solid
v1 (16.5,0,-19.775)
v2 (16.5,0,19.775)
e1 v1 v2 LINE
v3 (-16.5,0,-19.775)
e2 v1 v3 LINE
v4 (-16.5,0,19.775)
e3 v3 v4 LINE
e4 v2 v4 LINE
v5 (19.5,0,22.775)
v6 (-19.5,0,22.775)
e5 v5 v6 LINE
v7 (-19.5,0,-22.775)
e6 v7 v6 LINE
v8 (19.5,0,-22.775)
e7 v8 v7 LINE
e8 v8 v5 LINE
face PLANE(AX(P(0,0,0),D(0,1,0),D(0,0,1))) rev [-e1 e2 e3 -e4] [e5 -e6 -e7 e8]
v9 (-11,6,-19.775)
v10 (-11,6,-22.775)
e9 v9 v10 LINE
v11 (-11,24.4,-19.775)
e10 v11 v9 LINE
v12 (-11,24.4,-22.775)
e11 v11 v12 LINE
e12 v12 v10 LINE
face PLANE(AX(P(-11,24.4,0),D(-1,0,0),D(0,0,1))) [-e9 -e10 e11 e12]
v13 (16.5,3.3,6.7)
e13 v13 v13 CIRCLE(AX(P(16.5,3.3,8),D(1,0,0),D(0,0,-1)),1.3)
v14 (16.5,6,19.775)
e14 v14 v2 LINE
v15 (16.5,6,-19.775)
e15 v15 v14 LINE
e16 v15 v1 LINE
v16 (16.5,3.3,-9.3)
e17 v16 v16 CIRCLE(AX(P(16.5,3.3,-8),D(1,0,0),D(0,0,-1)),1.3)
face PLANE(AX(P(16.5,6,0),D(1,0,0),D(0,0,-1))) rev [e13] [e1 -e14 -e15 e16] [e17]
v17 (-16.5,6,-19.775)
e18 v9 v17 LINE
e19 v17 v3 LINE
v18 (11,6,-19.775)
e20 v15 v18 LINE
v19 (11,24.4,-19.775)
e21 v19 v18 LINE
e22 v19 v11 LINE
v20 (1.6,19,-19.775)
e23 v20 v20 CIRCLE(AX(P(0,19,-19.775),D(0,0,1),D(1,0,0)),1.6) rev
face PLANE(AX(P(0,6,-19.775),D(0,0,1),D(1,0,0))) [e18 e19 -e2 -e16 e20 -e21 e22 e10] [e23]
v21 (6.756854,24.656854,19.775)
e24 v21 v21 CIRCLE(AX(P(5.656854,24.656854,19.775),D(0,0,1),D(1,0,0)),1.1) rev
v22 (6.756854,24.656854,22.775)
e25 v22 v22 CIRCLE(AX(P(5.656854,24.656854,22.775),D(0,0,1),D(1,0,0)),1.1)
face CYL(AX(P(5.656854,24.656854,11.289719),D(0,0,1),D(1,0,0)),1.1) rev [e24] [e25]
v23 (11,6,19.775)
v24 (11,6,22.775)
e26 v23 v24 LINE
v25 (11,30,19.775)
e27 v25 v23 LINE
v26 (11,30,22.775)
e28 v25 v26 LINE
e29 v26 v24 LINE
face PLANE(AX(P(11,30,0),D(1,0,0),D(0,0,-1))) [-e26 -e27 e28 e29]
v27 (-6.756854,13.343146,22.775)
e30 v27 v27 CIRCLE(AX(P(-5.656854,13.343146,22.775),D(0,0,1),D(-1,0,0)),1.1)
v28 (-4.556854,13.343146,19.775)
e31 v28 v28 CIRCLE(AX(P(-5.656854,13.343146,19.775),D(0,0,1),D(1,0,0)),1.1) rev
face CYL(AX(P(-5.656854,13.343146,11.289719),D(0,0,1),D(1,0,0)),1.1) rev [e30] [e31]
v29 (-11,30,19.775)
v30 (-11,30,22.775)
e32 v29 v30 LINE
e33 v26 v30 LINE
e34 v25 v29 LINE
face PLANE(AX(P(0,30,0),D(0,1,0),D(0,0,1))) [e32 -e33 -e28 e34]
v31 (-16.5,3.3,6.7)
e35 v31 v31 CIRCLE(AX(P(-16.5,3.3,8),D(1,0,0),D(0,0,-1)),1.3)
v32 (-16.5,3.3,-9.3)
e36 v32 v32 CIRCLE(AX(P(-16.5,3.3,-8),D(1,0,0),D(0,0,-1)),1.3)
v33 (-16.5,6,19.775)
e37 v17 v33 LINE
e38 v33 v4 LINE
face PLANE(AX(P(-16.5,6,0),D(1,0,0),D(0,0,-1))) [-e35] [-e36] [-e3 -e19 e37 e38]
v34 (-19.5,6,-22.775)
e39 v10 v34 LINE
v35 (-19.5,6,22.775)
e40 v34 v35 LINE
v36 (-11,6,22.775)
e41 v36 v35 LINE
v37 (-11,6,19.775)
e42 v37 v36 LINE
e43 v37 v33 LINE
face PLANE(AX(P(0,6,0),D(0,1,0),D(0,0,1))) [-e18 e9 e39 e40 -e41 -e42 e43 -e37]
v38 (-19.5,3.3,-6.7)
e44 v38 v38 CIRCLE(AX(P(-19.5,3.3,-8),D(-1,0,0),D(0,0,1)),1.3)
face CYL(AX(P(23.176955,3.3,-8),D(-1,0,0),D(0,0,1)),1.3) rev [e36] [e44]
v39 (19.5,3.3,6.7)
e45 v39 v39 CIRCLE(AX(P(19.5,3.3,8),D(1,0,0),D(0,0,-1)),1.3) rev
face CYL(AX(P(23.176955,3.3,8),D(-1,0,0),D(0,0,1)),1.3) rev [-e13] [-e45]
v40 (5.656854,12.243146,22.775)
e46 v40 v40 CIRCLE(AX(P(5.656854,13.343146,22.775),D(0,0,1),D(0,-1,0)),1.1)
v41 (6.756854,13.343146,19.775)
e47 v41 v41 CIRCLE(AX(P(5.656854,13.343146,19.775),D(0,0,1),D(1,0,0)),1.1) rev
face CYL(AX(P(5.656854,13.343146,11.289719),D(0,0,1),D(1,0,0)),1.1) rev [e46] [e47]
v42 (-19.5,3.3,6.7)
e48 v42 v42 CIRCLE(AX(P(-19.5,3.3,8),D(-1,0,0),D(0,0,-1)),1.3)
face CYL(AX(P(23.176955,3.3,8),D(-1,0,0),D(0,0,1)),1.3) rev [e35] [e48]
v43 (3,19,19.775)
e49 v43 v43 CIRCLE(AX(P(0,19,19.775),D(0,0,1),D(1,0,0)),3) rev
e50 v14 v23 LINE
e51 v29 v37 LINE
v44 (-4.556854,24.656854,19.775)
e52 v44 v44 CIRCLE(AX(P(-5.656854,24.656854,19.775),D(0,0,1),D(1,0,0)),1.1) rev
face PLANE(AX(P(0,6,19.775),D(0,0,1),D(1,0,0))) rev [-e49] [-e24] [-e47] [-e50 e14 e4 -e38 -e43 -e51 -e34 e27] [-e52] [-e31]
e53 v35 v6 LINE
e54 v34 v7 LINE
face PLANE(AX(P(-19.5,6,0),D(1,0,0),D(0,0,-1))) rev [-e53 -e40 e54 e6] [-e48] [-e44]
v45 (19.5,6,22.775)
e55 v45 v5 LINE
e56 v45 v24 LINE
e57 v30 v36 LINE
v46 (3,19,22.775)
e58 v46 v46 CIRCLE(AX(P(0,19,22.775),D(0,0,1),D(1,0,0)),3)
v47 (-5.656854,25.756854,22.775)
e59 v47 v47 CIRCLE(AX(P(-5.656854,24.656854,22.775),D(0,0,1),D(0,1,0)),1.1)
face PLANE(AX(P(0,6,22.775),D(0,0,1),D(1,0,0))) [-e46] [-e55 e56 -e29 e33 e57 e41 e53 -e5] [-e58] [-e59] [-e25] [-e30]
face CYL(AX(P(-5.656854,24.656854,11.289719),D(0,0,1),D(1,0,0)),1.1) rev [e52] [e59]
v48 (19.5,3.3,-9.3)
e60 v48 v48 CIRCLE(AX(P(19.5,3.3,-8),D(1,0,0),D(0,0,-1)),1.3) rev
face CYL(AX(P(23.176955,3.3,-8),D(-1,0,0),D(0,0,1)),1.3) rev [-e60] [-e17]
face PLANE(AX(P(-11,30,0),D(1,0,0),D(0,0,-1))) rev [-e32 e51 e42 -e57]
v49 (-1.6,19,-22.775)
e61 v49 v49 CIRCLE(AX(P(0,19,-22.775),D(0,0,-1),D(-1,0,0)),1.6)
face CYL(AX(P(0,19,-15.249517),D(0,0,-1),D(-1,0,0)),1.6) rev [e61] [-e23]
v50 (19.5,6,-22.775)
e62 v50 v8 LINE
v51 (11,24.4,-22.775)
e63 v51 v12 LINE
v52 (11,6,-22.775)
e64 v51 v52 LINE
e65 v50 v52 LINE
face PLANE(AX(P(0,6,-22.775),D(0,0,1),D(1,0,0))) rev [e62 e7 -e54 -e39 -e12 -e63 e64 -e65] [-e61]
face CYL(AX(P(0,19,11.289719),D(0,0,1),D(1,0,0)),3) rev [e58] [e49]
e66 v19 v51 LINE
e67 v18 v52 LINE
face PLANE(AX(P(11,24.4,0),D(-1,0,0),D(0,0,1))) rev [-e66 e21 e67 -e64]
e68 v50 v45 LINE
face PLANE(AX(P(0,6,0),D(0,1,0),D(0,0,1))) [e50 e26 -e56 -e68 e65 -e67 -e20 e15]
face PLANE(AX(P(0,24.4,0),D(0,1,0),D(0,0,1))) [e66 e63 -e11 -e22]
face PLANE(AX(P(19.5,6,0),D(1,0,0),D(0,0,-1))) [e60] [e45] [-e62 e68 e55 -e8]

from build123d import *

# Parameters (mm, degrees)
BOSS_EXTRUDE1_DEPTH   = 6
BOSS_EXTRUDE1_2_DEPTH = 6
SKETCH1_3_W           = 22
SKETCH1_3_H           = 3
BOSS_EXTRUDE2_DEPTH   = 30
SKETCH1_4_W           = 22
SKETCH1_4_H           = 3
BOSS_EXTRUDE3_DEPTH   = 24.4
CUT_EXTRUDE1_REACH    = 56.219
SKETCH3_R             = 1.3
SKETCH4_R             = 1.6
CUT_EXTRUDE2_DEPTH    = 3
SKETCH5_R             = 3
SKETCH5_R_2           = 1.1
CUT_EXTRUDE3_DEPTH    = 3
CIRPATTERN1_COUNT     = 4


with BuildPart() as part:
    # Sketch1 → Boss-Extrude1 (new body)
    with BuildSketch(Plane(origin=(0, 0, 0), x_dir=(1, 0, 0), z_dir=(0, 1, 0))):
        Polygon((-11, 19.775), (-11, 22.775), (-19.5, 22.775), (-19.5, -22.775), (-11, -22.775), (-11, -19.775), (-16.5, -19.775), (-16.5, 19.775), align=None)
    extrude(amount=BOSS_EXTRUDE1_DEPTH)



with BuildPart() as body_2:
    # Sketch1 → Boss-Extrude1 2 (new body)
    with BuildSketch(Plane(origin=(0, 0, 0), x_dir=(1, 0, 0), z_dir=(0, 1, 0))):
        Polygon((19.5, -22.775), (19.5, 22.775), (11, 22.775), (11, 19.775), (16.5, 19.775), (16.5, -19.775), (11, -19.775), (11, -22.775), align=None)
    extrude(amount=BOSS_EXTRUDE1_2_DEPTH)


with BuildPart() as part_1:
    add(part.part)

    add(body_2.part)  # Boss-Extrude2 merges body 2
    # Sketch1<3> → Boss-Extrude2 (add)
    with BuildSketch(Plane(origin=(0, 0, 0), x_dir=(1, 0, 0), z_dir=(0, 1, 0))):
        with Locations((0, -21.275)):
            Rectangle(SKETCH1_3_W, SKETCH1_3_H)
    extrude(amount=BOSS_EXTRUDE2_DEPTH)

    # Sketch1<4> → Boss-Extrude3 (add)
    with BuildSketch(Plane(origin=(0, 0, 0), x_dir=(1, 0, 0), z_dir=(0, 1, 0))):
        with Locations((0, 21.275)):
            Rectangle(SKETCH1_4_W, SKETCH1_4_H)
    extrude(amount=BOSS_EXTRUDE3_DEPTH)

    # Cut-Extrude1: up to this face of the body (flat: up to its plane)
    cut_extrude1_end = Plane(part_1.part.faces().sort_by_distance((19.5, 3, 0))[0])
    # Sketch3 → Cut-Extrude1 (cut, up to the picked face)
    with BuildSketch(Plane.ZY.offset(19.5), mode=Mode.PRIVATE) as cut_extrude1_sk1:
        with Locations((-8, 3.3)):
            Circle(SKETCH3_R)
    cut_extrude1_tool1 = split(extrude(cut_extrude1_sk1.sketch, amount=-CUT_EXTRUDE1_REACH, mode=Mode.PRIVATE), bisect_by=cut_extrude1_end, keep=Keep.BOTH, mode=Mode.PRIVATE)
    # Sketch3 → Cut-Extrude1 (cut, up to the picked face)
    with BuildSketch(Plane.ZY.offset(19.5), mode=Mode.PRIVATE) as cut_extrude1_sk2:
        with Locations(Location((8, 3.3, 0), (0, 0, 180))):
            Circle(SKETCH3_R)
    cut_extrude1_tool2 = split(extrude(cut_extrude1_sk2.sketch, amount=-CUT_EXTRUDE1_REACH, mode=Mode.PRIVATE), bisect_by=cut_extrude1_end, keep=Keep.BOTH, mode=Mode.PRIVATE)
    add(cut_extrude1_tool1.solids().sort_by(Axis((-19.5, 3.3, -8), (1, 0, 0)))[0], mode=Mode.SUBTRACT)
    add(cut_extrude1_tool2.solids().sort_by(Axis((-19.5, 3.3, 8), (1, 0, 0)))[0], mode=Mode.SUBTRACT)

    # Sketch4 → Cut-Extrude2 (cut)
    with BuildSketch(Plane(origin=(0, 0, -22.775), x_dir=(-1, 0, 0), z_dir=(0, 0, -1))):
        with Locations((0, 19)):
            Circle(SKETCH4_R)
    extrude(amount=-CUT_EXTRUDE2_DEPTH, mode=Mode.SUBTRACT)

    # Sketch5 → Cut-Extrude3 (cut)
    with BuildSketch(Plane.XY.offset(22.775)):
        with Locations((0, 19)):
            Circle(SKETCH5_R)
        with Locations((5.656854249, 24.656854249)):
            Circle(SKETCH5_R_2)
    cut_extrude3 = extrude(amount=-CUT_EXTRUDE3_DEPTH, mode=Mode.SUBTRACT)

    # CirPattern1: Cut-Extrude3 ×4 about axis
    cirpattern1_axis = Axis((0, 19, 0), (0, 0, 1))
    for i in range(1, CIRPATTERN1_COUNT):
        add(cut_extrude3.rotate(cirpattern1_axis, i * 360 / CIRPATTERN1_COUNT), mode=Mode.SUBTRACT)


solid = part_1.part
